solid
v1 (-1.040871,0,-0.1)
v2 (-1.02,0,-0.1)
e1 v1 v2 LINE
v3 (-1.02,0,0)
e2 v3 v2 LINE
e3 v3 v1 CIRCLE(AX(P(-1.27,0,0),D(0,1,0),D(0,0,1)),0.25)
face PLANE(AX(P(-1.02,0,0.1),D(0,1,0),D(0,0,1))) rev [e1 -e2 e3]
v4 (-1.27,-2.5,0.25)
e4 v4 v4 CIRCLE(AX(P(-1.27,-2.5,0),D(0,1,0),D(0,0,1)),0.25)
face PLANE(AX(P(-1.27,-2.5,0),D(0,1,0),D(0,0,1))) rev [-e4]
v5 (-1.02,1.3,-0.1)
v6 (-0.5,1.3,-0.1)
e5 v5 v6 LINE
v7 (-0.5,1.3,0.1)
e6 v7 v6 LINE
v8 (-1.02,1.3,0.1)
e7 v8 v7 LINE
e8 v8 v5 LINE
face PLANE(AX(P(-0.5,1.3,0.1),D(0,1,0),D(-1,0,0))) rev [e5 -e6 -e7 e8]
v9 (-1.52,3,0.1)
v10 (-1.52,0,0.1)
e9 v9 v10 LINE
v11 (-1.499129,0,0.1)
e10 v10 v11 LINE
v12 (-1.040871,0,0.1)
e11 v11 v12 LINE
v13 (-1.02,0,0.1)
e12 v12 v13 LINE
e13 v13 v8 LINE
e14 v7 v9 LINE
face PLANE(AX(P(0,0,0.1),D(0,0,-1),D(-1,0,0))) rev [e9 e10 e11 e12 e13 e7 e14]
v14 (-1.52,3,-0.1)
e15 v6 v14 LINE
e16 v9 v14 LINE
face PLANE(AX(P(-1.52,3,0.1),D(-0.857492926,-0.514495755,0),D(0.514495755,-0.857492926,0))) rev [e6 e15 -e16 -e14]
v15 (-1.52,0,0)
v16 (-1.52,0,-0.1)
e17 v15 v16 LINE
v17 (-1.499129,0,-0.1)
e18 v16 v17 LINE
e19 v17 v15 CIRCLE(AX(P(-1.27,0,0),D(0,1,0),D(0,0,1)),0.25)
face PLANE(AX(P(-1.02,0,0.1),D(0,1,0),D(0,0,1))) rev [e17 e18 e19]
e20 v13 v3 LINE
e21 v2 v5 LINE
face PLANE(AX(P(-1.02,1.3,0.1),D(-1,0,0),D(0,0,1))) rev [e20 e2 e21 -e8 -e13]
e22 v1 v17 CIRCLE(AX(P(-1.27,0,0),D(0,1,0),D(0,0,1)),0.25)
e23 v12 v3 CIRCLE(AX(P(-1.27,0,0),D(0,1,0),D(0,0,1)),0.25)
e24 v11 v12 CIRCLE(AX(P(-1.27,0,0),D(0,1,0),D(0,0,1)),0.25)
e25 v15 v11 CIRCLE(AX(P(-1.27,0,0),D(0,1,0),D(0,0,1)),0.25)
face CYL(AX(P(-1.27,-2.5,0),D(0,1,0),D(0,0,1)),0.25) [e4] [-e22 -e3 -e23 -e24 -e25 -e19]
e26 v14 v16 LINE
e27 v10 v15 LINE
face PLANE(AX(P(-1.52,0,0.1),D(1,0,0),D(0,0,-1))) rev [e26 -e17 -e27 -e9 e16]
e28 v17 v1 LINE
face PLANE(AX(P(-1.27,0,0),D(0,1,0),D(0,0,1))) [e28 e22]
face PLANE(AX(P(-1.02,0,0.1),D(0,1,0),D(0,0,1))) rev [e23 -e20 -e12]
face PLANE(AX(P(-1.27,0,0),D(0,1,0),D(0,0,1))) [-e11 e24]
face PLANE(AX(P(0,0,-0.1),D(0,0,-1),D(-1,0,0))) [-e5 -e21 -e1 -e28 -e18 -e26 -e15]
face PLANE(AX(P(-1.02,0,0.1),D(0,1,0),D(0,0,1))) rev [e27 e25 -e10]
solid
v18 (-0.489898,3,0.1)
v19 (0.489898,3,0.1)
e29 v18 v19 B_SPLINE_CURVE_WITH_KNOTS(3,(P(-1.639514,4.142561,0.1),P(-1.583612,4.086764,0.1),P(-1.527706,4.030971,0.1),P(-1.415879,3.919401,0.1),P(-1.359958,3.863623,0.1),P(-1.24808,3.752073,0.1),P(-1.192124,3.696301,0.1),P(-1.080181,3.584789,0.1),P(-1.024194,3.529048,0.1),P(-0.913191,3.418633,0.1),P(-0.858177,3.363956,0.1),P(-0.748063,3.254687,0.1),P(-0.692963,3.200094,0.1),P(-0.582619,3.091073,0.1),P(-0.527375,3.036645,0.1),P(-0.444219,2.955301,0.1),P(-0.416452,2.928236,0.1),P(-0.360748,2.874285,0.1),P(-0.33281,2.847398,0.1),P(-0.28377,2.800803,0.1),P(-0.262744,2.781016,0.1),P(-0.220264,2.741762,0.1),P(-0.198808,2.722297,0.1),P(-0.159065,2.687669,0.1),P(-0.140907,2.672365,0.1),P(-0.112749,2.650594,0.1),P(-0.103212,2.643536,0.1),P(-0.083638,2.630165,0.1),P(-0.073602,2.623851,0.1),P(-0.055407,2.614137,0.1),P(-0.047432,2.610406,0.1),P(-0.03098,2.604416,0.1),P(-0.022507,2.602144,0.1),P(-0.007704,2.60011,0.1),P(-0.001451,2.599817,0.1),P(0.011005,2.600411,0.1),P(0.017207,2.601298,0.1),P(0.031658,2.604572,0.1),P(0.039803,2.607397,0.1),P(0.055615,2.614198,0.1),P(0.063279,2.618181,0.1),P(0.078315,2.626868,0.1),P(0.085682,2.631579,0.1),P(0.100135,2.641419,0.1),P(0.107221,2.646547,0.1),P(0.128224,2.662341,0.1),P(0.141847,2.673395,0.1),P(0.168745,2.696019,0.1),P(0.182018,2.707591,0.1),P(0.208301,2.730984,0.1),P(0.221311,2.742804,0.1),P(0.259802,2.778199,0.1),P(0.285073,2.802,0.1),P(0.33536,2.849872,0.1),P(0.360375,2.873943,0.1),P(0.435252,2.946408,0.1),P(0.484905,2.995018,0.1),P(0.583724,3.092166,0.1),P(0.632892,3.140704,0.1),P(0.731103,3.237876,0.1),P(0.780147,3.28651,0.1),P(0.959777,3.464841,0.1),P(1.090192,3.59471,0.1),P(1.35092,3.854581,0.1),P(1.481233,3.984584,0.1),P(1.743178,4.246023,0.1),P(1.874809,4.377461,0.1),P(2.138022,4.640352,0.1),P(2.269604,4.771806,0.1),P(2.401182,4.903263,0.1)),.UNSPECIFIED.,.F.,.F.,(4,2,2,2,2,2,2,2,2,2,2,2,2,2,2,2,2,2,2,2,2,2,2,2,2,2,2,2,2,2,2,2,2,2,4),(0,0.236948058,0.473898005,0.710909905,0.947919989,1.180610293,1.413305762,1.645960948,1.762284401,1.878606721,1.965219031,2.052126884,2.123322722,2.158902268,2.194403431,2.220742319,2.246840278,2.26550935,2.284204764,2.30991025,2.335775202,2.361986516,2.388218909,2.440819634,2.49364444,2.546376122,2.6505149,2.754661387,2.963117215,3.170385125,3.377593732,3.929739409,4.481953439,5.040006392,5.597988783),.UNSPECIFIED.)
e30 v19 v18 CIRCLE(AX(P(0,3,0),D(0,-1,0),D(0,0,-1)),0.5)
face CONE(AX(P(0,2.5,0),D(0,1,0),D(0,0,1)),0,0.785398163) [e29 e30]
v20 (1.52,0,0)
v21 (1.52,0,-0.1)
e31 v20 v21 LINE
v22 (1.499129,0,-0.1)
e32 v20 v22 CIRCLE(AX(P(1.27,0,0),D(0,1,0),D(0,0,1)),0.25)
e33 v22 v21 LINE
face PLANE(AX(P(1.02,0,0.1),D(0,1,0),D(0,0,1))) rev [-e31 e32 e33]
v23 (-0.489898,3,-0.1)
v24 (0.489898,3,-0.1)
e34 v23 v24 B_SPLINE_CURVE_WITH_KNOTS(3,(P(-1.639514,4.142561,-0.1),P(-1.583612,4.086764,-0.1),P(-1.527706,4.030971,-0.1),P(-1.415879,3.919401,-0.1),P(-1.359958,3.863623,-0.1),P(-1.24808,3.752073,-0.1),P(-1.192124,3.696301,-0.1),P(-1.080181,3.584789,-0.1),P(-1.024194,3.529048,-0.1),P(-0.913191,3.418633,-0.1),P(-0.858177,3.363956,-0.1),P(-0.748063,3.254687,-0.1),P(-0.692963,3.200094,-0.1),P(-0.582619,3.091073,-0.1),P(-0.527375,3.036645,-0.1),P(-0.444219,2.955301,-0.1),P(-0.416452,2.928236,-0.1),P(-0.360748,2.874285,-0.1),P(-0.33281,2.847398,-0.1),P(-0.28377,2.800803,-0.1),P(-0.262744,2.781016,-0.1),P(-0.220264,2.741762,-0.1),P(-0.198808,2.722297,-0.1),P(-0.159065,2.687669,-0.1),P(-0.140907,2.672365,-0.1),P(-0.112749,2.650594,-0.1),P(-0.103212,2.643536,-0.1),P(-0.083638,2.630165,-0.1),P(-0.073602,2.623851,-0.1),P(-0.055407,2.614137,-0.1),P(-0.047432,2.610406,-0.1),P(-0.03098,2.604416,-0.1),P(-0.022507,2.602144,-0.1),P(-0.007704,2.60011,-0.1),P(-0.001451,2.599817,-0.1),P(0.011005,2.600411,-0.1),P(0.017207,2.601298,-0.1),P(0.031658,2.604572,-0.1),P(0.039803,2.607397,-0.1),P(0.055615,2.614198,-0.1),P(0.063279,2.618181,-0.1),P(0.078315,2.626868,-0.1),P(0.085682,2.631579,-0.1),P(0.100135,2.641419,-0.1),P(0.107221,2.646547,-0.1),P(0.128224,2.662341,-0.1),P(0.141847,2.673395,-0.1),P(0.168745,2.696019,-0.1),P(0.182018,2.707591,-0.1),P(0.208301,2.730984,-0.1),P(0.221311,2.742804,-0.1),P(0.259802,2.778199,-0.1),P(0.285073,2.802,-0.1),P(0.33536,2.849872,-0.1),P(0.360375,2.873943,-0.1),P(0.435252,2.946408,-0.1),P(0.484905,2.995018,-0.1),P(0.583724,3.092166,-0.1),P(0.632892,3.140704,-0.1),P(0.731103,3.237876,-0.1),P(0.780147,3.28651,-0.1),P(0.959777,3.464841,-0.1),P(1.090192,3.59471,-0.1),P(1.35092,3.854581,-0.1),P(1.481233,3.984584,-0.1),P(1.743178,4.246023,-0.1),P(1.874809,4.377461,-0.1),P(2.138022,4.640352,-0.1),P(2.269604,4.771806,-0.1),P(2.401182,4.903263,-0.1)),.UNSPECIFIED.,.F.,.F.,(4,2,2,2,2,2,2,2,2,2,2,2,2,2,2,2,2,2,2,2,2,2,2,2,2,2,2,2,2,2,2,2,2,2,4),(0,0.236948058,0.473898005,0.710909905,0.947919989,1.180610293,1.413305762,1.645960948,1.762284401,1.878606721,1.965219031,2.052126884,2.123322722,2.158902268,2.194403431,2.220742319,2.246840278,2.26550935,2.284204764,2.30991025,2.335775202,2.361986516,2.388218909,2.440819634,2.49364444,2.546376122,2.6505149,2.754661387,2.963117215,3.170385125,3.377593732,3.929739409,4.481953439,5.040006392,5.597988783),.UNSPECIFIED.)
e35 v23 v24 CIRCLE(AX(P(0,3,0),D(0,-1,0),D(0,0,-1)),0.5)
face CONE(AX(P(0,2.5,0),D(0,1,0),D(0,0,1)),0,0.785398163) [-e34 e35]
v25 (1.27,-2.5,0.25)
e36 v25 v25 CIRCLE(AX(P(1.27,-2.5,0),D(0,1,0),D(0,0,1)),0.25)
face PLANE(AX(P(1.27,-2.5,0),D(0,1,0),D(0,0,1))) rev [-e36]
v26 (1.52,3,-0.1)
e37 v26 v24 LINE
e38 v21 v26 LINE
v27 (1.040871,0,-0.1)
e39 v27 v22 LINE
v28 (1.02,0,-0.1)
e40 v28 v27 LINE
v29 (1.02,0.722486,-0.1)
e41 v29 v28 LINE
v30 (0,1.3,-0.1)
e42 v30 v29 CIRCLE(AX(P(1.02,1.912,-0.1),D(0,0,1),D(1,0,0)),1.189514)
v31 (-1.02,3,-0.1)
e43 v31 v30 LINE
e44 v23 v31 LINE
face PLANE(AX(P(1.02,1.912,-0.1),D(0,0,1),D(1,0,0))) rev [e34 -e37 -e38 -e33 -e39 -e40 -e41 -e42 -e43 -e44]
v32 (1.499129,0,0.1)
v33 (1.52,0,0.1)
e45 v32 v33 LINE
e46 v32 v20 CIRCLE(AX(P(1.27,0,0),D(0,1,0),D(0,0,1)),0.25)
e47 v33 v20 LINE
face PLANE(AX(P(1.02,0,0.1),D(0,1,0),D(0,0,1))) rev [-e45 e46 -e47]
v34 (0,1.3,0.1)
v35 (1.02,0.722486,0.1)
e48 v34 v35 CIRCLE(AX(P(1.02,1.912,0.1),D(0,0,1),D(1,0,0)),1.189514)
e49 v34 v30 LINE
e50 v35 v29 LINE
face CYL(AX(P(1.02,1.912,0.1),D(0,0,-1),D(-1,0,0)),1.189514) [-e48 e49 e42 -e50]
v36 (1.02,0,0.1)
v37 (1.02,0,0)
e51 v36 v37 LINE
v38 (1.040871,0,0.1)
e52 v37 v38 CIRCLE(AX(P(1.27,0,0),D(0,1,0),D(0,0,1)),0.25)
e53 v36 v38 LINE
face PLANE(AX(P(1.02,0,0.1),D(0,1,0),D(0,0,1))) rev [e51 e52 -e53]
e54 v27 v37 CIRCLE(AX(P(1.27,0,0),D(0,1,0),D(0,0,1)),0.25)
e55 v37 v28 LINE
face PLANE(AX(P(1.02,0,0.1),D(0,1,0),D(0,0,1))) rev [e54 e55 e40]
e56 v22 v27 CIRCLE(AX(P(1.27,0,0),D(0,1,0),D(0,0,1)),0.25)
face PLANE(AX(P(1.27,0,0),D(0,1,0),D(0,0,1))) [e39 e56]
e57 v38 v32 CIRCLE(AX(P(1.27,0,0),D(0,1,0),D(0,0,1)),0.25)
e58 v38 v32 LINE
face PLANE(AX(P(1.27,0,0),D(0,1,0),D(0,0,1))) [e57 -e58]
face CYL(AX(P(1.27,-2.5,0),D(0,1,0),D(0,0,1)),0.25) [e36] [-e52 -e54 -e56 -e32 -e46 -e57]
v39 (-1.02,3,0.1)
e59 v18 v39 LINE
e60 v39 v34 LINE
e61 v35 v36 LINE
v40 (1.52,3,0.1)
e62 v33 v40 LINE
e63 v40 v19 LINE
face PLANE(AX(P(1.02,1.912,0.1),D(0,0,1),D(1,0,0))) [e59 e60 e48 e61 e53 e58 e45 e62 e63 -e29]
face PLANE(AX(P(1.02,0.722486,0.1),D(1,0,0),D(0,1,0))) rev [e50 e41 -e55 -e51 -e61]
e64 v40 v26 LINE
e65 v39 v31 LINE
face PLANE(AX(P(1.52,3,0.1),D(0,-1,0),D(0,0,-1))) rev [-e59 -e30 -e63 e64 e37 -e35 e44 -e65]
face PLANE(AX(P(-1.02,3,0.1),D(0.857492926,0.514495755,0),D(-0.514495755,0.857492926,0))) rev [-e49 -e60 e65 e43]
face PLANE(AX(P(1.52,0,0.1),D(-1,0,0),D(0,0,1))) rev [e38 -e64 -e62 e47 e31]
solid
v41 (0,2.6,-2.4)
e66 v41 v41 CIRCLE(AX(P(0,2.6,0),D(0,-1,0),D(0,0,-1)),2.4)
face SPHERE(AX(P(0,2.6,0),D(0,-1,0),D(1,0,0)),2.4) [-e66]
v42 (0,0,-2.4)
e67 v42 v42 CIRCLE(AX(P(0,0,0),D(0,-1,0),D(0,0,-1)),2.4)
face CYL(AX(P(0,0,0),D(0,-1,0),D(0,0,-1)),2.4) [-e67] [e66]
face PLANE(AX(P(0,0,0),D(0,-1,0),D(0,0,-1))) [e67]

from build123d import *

# Parameters (mm, degrees)
ESQUISSE1_R          = 0.25
BOSS_EXTRU_1_DEPTH   = 2.5
BOSS_EXTRU_1_2_DEPTH = 2.5
BOSS_EXTRU_2_DEPTH   = 0.1


with BuildPart() as part:
    # Esquisse1 → Boss.-Extru.1 (new body)
    with BuildSketch(Plane(origin=(0, 0, 0), x_dir=(1, 0, 0), z_dir=(0, 1, 0))):
        with Locations(Location((1.27, 0, 0), (0, 0, 270))):  # turned: the seam where the file's is
            Circle(ESQUISSE1_R)
    extrude(amount=-BOSS_EXTRU_1_DEPTH)



with BuildPart() as body_2:
    # Esquisse1 → Boss.-Extru.1 2 (new body)
    with BuildSketch(Plane(origin=(0, 0, 0), x_dir=(1, 0, 0), z_dir=(0, 1, 0))):
        with Locations(Location((-1.27, 0, 0), (0, 0, 270))):  # turned: the seam where the file's is
            Circle(ESQUISSE1_R)
    extrude(amount=-BOSS_EXTRU_1_2_DEPTH)


with BuildPart() as part_1:
    add(part.part)

    add(body_2.part)  # Boss.-Extru.2 merges body 2
    # Esquisse2 → Boss.-Extru.2 (add, symmetric)
    with BuildSketch(Plane.XY):
        with BuildLine():
            Line((1.52, 0), (1.52, 3))
            Line((1.52, 3), (-1.02, 3))
            Line((-1.02, 3), (0, 1.3))
            ThreePointArc((0, 1.3), (0.43392777, 0.876884866), (1.02, 0.722485813))
            Line((1.02, 0.722485813), (1.02, 0))
            Line((1.02, 0), (1.52, 0))
        make_face()
        Polygon((-1.52, 0), (-1.52, 3), (-0.5, 1.3), (-1.02, 1.3), (-1.02, 0), align=None)
    extrude(amount=BOSS_EXTRU_2_DEPTH, both=True)

    # Esquisse4 → Révolution1 (revolve)
    with BuildSketch(Plane.XY):
        Polygon((0, 3), (0.5, 3), (0, 2.5), align=None)
    revolve(axis=Axis((0, 2.5, 0), (0, 1, 0)))


with BuildPart() as body_2_2:
    # Esquisse5 → Révolution2 (revolve)
    with BuildSketch(Plane.XY, mode=Mode.PRIVATE) as r_volution2_sk:
        with BuildLine():
            Line((0, 0), (0, 5))
            ThreePointArc((0, 5), (1.697056275, 4.297056275), (2.4, 2.6))
            Line((2.4, 2.6), (2.4, 0))
            Line((2.4, 0), (0, 0))
        make_face()
    revolve(r_volution2_sk.sketch.rotate(Axis((0, 0, 0), (0, 1, 0)), 90), axis=Axis((0, 0, 0), (0, 1, 0)))  # turned: the seam where the file's is


solid = Compound([part_1.part, body_2_2.part])
